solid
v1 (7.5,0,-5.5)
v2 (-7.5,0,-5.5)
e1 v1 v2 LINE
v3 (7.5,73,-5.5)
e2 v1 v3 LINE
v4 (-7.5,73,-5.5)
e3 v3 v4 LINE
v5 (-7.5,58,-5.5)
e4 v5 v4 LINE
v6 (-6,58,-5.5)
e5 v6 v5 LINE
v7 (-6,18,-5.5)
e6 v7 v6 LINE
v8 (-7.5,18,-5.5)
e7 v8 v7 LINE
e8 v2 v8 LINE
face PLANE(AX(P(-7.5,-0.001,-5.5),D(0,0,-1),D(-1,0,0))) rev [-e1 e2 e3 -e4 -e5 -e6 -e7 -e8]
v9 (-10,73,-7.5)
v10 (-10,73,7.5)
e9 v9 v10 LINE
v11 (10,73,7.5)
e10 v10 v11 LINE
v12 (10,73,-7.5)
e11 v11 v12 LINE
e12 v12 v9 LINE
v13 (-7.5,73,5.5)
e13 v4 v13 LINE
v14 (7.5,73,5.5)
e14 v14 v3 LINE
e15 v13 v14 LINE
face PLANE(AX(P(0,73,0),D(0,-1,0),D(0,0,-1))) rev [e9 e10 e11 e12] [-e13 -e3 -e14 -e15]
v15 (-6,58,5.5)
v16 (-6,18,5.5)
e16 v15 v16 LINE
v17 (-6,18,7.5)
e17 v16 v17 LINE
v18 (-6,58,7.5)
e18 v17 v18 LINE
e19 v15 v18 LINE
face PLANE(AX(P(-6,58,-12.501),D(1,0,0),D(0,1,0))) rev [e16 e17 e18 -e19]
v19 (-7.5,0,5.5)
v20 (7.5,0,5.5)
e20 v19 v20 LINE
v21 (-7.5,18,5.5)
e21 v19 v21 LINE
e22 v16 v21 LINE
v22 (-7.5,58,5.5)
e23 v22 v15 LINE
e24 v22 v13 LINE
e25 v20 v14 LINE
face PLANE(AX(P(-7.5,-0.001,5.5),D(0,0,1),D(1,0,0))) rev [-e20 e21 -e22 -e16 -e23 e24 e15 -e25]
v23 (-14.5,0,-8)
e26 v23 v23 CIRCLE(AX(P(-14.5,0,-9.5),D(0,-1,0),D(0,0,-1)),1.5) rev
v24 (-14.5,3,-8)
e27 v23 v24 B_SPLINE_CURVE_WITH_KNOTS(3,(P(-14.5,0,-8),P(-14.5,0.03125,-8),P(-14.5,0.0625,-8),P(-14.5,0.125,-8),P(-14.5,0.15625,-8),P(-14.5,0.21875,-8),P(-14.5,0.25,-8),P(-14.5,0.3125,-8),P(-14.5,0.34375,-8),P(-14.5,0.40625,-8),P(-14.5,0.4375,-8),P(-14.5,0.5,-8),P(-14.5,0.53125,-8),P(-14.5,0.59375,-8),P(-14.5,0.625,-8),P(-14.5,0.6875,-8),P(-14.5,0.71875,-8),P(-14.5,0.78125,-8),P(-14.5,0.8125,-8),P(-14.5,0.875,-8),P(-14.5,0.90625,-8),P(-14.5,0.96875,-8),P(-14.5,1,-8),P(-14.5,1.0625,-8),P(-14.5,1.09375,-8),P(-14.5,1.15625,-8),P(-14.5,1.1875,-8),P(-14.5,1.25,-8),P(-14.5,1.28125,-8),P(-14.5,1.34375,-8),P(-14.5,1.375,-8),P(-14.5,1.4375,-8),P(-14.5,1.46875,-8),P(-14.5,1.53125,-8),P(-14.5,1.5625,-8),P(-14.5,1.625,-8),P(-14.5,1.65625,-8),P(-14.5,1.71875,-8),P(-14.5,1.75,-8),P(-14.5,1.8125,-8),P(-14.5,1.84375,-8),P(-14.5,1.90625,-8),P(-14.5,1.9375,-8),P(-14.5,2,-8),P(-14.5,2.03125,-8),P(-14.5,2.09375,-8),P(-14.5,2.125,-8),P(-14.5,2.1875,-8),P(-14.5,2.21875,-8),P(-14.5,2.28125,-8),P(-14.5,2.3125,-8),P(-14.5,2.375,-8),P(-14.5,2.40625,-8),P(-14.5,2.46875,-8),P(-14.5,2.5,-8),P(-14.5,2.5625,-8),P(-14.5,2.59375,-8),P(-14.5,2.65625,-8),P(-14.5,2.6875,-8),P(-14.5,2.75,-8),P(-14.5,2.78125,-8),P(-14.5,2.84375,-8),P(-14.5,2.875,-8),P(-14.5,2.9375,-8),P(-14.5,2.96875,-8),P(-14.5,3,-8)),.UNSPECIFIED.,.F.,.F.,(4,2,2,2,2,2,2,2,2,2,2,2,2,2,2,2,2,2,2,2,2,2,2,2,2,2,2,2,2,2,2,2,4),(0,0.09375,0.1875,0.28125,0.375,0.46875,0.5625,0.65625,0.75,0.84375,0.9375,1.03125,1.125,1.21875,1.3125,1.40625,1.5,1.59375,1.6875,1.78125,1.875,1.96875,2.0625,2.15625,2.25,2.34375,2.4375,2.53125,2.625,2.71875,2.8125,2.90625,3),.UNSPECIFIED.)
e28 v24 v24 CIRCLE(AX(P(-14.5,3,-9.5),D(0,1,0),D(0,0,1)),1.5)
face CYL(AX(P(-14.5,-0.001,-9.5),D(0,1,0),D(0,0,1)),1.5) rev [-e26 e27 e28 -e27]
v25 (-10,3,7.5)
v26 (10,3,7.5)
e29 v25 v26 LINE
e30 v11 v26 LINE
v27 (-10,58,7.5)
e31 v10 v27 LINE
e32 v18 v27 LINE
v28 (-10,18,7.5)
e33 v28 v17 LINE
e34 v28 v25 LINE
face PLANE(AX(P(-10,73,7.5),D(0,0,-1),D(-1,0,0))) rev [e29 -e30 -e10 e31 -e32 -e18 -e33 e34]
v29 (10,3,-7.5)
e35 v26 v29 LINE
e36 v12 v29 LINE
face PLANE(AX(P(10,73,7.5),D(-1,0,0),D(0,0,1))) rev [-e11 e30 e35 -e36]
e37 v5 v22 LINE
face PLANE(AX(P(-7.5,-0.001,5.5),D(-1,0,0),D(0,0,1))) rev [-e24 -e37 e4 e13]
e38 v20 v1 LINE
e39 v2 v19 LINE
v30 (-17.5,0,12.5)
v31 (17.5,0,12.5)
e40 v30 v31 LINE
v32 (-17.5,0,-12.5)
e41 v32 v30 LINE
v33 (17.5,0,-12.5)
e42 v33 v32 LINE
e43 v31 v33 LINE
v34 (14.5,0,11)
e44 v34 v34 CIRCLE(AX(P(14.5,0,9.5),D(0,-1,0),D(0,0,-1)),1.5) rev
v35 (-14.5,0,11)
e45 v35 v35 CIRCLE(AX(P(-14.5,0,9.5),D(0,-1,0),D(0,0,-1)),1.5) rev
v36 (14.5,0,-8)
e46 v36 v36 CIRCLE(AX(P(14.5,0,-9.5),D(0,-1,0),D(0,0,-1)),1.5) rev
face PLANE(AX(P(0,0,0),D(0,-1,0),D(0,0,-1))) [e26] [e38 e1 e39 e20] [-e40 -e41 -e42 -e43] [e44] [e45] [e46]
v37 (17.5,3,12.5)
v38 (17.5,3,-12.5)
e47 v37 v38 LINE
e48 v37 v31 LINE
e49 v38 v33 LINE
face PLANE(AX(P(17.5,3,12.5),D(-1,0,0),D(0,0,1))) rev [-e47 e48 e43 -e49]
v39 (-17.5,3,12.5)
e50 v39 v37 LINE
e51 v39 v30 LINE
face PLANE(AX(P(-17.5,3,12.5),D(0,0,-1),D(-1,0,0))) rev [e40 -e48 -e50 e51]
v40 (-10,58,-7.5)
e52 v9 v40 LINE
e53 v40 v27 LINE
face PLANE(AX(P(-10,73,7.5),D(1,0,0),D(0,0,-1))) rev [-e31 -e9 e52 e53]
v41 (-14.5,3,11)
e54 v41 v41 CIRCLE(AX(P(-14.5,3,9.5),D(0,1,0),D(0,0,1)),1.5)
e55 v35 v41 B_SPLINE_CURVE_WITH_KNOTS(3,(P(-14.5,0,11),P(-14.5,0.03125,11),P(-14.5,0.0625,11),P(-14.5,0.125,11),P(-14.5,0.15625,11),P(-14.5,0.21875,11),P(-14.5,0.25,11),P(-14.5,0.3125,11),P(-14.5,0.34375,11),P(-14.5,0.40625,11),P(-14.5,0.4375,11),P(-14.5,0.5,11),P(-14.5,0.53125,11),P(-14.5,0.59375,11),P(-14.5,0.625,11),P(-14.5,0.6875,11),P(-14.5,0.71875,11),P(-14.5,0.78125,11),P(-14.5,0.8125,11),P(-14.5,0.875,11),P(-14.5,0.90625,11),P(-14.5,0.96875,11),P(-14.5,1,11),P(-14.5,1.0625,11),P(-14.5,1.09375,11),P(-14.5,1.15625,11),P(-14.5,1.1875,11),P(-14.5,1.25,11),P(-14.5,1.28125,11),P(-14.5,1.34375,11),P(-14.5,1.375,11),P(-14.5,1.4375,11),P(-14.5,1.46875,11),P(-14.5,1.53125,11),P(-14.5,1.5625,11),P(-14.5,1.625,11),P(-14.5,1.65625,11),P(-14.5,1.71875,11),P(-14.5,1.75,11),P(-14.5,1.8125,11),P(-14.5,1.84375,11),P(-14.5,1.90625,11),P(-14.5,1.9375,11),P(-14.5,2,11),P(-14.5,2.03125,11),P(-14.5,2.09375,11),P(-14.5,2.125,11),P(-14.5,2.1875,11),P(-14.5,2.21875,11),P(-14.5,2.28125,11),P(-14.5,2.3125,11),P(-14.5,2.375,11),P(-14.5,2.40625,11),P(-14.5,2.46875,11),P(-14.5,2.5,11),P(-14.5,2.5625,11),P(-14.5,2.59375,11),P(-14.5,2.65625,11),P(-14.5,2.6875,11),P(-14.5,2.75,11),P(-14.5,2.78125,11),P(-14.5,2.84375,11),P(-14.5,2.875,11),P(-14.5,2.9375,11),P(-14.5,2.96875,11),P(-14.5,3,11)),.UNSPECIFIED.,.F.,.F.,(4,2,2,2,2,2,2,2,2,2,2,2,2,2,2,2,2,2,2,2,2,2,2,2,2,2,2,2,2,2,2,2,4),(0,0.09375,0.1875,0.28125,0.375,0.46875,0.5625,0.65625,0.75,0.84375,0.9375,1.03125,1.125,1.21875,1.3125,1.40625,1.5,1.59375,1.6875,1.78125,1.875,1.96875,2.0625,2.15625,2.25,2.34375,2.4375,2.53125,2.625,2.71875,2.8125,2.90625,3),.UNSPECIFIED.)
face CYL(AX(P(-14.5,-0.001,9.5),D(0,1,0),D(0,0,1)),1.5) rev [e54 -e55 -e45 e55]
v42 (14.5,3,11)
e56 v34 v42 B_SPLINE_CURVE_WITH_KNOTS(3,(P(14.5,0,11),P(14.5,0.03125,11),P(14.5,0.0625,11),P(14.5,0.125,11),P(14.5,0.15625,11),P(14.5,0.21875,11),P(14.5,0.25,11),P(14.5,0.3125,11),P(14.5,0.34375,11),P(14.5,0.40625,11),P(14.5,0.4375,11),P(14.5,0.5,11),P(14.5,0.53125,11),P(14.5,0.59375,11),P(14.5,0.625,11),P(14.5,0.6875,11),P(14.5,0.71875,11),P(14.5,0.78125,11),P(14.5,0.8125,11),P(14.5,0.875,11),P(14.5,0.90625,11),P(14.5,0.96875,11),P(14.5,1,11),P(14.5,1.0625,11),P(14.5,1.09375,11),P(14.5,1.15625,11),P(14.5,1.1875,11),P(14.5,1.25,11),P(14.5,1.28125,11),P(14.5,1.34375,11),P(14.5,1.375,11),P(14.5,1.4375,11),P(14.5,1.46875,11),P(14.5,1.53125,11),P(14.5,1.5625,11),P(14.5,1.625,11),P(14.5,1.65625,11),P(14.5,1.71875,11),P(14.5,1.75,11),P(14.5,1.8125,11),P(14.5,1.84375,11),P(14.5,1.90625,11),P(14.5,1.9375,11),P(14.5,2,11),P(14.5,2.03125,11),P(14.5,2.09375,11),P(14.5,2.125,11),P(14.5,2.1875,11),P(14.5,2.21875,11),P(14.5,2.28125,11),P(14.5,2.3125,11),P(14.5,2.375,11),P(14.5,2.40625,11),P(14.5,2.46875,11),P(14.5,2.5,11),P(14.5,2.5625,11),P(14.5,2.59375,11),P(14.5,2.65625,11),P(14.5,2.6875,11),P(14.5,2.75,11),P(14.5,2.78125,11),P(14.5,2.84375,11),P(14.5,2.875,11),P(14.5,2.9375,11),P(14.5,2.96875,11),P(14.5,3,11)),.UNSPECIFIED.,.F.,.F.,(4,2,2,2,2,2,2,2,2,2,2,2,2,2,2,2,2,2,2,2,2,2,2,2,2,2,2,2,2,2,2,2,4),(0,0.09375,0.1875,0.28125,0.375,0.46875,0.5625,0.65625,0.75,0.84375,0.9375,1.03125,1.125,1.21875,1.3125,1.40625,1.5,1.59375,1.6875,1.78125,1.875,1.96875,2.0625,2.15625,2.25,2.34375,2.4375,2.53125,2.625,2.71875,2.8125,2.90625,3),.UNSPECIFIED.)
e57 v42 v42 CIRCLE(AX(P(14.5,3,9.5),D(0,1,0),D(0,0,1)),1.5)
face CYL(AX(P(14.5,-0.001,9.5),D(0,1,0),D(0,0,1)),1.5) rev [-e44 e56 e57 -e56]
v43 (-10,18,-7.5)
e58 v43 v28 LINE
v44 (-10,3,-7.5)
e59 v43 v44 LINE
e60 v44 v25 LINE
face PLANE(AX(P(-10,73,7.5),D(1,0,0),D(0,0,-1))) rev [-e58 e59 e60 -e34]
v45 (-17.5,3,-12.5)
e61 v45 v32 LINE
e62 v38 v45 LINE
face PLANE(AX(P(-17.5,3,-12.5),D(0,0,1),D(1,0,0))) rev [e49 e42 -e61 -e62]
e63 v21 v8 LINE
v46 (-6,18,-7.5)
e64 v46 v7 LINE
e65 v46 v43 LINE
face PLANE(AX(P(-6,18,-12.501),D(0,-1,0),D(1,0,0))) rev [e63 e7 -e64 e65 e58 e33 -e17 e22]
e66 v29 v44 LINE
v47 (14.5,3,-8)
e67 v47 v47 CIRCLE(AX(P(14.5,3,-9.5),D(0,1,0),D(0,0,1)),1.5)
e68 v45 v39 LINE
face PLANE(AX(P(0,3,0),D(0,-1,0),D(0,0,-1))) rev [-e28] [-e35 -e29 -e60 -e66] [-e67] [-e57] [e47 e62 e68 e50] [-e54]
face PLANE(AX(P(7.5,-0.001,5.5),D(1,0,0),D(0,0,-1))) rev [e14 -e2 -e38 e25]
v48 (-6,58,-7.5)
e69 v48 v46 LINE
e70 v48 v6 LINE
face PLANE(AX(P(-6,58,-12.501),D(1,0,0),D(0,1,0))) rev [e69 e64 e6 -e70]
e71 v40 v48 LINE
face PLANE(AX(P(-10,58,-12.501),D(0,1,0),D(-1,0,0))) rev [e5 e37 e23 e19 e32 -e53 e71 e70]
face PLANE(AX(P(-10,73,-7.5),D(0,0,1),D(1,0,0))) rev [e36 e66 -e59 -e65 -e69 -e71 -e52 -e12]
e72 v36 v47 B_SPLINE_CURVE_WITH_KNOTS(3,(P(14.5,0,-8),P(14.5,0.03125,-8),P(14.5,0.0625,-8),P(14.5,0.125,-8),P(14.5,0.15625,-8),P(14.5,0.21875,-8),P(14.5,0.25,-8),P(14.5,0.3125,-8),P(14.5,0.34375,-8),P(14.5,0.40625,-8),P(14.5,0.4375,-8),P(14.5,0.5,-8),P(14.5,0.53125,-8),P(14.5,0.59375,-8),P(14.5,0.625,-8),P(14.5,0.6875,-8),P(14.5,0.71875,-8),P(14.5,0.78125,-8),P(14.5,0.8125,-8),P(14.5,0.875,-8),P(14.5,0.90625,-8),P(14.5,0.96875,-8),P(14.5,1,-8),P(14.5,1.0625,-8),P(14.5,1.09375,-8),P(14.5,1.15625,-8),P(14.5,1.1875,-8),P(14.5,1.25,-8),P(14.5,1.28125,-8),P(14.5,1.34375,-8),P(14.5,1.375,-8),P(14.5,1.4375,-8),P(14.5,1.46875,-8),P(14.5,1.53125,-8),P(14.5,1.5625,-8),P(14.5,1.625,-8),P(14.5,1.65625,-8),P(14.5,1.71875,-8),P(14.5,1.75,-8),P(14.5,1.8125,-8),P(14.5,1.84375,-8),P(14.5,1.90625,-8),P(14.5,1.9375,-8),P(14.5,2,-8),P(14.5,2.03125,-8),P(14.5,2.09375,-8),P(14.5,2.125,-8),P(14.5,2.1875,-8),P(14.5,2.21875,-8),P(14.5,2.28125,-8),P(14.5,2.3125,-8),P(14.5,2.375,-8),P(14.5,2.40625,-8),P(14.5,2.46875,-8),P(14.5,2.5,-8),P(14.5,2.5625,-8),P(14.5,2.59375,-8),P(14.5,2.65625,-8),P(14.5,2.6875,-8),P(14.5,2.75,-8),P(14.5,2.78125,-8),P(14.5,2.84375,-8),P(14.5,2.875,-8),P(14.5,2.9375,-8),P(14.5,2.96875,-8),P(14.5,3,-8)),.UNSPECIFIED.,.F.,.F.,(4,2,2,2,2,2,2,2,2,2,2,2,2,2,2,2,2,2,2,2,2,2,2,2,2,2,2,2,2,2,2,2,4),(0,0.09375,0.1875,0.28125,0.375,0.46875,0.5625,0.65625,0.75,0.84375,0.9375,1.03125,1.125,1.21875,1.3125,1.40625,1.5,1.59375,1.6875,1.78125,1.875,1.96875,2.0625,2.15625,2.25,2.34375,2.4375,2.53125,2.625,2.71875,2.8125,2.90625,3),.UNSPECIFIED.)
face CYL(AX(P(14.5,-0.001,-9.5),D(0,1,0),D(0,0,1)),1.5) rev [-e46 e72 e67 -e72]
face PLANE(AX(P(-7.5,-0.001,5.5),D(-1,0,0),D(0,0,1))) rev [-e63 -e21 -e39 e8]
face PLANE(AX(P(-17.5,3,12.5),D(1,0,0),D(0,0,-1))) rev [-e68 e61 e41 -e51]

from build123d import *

# Parameters (mm, degrees)
SKETCH_1_W          = 35
SKETCH_1_H          = 25
EXTRUDE_1_DEPTH     = 3
SKETCH_2_W          = 20
SKETCH_2_H          = 15
EXTRUDE_2_DEPTH     = 70
CUT_EXTRUDE_1_REACH = 78.102
SKETCH_3_W          = 15
SKETCH_3_H          = 11
CUT_EXTRUDE_2_REACH = 79.687
SKETCH_4_W          = 4
SKETCH_4_H          = 40
CUT_EXTRUDE_3_REACH = 75.229
SKETCH_5_R          = 1.5


with BuildPart() as part:
    # 草图1 → 凸台-拉伸1 (new body)
    with BuildSketch(Plane(origin=(0, 0, 0), x_dir=(1, 0, 0), z_dir=(0, 1, 0))):
        Rectangle(SKETCH_1_W, SKETCH_1_H)
    extrude(amount=EXTRUDE_1_DEPTH)

    # 草图2 → 凸台-拉伸2 (add)
    with BuildSketch(Plane(origin=(0, 3, 0), x_dir=(1, 0, 0), z_dir=(0, 1, 0))):
        Rectangle(SKETCH_2_W, SKETCH_2_H)
    extrude(amount=EXTRUDE_2_DEPTH)

    # 草图3 → 切除-拉伸1 (cut, up to next)
    with BuildSketch(Plane(origin=(0, 73, 0), x_dir=(1, 0, 0), z_dir=(0, 1, 0)), mode=Mode.PRIVATE) as cut_extrude_1_sk1:
        Rectangle(SKETCH_3_W, SKETCH_3_H)
    cut_extrude_1_tool1 = extrude(cut_extrude_1_sk1.sketch, amount=-CUT_EXTRUDE_1_REACH, mode=Mode.PRIVATE) & part.part
    add(cut_extrude_1_tool1.solids().sort_by_distance((0, 73, 0))[0], mode=Mode.SUBTRACT)

    # 草图4 → 切除-拉伸2 (cut, up to next)
    with BuildSketch(Plane.XY.offset(7.5), mode=Mode.PRIVATE) as cut_extrude_2_sk1:
        with Locations((-8, 38)):
            Rectangle(SKETCH_4_W, SKETCH_4_H)
    cut_extrude_2_tool1 = extrude(cut_extrude_2_sk1.sketch, amount=-CUT_EXTRUDE_2_REACH, mode=Mode.PRIVATE) & part.part
    add(cut_extrude_2_tool1.solids().sort_by_distance((-8, 38, 7.5))[0], mode=Mode.SUBTRACT)

    # 草图5 → 切除-拉伸3 (cut, up to next)
    with BuildSketch(Plane(origin=(0, 3, 0), x_dir=(1, 0, 0), z_dir=(0, 1, 0)), mode=Mode.PRIVATE) as cut_extrude_3_sk1:
        with Locations(Location((-14.5, 9.5, 0), (0, 0, 270))):
            Circle(SKETCH_5_R)
    cut_extrude_3_tool1 = extrude(cut_extrude_3_sk1.sketch, amount=-CUT_EXTRUDE_3_REACH, mode=Mode.PRIVATE) & part.part
    # 草图5 → 切除-拉伸3 (cut, up to next)
    with BuildSketch(Plane(origin=(0, 3, 0), x_dir=(1, 0, 0), z_dir=(0, 1, 0)), mode=Mode.PRIVATE) as cut_extrude_3_sk2:
        with Locations(Location((14.5, 9.5, 0), (0, 0, 270))):
            Circle(SKETCH_5_R)
    cut_extrude_3_tool2 = extrude(cut_extrude_3_sk2.sketch, amount=-CUT_EXTRUDE_3_REACH, mode=Mode.PRIVATE) & part.part
    # 草图5 → 切除-拉伸3 (cut, up to next)
    with BuildSketch(Plane(origin=(0, 3, 0), x_dir=(1, 0, 0), z_dir=(0, 1, 0)), mode=Mode.PRIVATE) as cut_extrude_3_sk3:
        with Locations(Location((-14.5, -9.5, 0), (0, 0, 270))):
            Circle(SKETCH_5_R)
    cut_extrude_3_tool3 = extrude(cut_extrude_3_sk3.sketch, amount=-CUT_EXTRUDE_3_REACH, mode=Mode.PRIVATE) & part.part
    # 草图5 → 切除-拉伸3 (cut, up to next)
    with BuildSketch(Plane(origin=(0, 3, 0), x_dir=(1, 0, 0), z_dir=(0, 1, 0)), mode=Mode.PRIVATE) as cut_extrude_3_sk4:
        with Locations(Location((14.5, -9.5, 0), (0, 0, 270))):
            Circle(SKETCH_5_R)
    cut_extrude_3_tool4 = extrude(cut_extrude_3_sk4.sketch, amount=-CUT_EXTRUDE_3_REACH, mode=Mode.PRIVATE) & part.part
    add(cut_extrude_3_tool1.solids().sort_by_distance((-14.5, 3, -9.5))[0], mode=Mode.SUBTRACT)
    add(cut_extrude_3_tool2.solids().sort_by_distance((14.5, 3, -9.5))[0], mode=Mode.SUBTRACT)
    add(cut_extrude_3_tool3.solids().sort_by_distance((-14.5, 3, 9.5))[0], mode=Mode.SUBTRACT)
    add(cut_extrude_3_tool4.solids().sort_by_distance((14.5, 3, 9.5))[0], mode=Mode.SUBTRACT)


solid = part.part
